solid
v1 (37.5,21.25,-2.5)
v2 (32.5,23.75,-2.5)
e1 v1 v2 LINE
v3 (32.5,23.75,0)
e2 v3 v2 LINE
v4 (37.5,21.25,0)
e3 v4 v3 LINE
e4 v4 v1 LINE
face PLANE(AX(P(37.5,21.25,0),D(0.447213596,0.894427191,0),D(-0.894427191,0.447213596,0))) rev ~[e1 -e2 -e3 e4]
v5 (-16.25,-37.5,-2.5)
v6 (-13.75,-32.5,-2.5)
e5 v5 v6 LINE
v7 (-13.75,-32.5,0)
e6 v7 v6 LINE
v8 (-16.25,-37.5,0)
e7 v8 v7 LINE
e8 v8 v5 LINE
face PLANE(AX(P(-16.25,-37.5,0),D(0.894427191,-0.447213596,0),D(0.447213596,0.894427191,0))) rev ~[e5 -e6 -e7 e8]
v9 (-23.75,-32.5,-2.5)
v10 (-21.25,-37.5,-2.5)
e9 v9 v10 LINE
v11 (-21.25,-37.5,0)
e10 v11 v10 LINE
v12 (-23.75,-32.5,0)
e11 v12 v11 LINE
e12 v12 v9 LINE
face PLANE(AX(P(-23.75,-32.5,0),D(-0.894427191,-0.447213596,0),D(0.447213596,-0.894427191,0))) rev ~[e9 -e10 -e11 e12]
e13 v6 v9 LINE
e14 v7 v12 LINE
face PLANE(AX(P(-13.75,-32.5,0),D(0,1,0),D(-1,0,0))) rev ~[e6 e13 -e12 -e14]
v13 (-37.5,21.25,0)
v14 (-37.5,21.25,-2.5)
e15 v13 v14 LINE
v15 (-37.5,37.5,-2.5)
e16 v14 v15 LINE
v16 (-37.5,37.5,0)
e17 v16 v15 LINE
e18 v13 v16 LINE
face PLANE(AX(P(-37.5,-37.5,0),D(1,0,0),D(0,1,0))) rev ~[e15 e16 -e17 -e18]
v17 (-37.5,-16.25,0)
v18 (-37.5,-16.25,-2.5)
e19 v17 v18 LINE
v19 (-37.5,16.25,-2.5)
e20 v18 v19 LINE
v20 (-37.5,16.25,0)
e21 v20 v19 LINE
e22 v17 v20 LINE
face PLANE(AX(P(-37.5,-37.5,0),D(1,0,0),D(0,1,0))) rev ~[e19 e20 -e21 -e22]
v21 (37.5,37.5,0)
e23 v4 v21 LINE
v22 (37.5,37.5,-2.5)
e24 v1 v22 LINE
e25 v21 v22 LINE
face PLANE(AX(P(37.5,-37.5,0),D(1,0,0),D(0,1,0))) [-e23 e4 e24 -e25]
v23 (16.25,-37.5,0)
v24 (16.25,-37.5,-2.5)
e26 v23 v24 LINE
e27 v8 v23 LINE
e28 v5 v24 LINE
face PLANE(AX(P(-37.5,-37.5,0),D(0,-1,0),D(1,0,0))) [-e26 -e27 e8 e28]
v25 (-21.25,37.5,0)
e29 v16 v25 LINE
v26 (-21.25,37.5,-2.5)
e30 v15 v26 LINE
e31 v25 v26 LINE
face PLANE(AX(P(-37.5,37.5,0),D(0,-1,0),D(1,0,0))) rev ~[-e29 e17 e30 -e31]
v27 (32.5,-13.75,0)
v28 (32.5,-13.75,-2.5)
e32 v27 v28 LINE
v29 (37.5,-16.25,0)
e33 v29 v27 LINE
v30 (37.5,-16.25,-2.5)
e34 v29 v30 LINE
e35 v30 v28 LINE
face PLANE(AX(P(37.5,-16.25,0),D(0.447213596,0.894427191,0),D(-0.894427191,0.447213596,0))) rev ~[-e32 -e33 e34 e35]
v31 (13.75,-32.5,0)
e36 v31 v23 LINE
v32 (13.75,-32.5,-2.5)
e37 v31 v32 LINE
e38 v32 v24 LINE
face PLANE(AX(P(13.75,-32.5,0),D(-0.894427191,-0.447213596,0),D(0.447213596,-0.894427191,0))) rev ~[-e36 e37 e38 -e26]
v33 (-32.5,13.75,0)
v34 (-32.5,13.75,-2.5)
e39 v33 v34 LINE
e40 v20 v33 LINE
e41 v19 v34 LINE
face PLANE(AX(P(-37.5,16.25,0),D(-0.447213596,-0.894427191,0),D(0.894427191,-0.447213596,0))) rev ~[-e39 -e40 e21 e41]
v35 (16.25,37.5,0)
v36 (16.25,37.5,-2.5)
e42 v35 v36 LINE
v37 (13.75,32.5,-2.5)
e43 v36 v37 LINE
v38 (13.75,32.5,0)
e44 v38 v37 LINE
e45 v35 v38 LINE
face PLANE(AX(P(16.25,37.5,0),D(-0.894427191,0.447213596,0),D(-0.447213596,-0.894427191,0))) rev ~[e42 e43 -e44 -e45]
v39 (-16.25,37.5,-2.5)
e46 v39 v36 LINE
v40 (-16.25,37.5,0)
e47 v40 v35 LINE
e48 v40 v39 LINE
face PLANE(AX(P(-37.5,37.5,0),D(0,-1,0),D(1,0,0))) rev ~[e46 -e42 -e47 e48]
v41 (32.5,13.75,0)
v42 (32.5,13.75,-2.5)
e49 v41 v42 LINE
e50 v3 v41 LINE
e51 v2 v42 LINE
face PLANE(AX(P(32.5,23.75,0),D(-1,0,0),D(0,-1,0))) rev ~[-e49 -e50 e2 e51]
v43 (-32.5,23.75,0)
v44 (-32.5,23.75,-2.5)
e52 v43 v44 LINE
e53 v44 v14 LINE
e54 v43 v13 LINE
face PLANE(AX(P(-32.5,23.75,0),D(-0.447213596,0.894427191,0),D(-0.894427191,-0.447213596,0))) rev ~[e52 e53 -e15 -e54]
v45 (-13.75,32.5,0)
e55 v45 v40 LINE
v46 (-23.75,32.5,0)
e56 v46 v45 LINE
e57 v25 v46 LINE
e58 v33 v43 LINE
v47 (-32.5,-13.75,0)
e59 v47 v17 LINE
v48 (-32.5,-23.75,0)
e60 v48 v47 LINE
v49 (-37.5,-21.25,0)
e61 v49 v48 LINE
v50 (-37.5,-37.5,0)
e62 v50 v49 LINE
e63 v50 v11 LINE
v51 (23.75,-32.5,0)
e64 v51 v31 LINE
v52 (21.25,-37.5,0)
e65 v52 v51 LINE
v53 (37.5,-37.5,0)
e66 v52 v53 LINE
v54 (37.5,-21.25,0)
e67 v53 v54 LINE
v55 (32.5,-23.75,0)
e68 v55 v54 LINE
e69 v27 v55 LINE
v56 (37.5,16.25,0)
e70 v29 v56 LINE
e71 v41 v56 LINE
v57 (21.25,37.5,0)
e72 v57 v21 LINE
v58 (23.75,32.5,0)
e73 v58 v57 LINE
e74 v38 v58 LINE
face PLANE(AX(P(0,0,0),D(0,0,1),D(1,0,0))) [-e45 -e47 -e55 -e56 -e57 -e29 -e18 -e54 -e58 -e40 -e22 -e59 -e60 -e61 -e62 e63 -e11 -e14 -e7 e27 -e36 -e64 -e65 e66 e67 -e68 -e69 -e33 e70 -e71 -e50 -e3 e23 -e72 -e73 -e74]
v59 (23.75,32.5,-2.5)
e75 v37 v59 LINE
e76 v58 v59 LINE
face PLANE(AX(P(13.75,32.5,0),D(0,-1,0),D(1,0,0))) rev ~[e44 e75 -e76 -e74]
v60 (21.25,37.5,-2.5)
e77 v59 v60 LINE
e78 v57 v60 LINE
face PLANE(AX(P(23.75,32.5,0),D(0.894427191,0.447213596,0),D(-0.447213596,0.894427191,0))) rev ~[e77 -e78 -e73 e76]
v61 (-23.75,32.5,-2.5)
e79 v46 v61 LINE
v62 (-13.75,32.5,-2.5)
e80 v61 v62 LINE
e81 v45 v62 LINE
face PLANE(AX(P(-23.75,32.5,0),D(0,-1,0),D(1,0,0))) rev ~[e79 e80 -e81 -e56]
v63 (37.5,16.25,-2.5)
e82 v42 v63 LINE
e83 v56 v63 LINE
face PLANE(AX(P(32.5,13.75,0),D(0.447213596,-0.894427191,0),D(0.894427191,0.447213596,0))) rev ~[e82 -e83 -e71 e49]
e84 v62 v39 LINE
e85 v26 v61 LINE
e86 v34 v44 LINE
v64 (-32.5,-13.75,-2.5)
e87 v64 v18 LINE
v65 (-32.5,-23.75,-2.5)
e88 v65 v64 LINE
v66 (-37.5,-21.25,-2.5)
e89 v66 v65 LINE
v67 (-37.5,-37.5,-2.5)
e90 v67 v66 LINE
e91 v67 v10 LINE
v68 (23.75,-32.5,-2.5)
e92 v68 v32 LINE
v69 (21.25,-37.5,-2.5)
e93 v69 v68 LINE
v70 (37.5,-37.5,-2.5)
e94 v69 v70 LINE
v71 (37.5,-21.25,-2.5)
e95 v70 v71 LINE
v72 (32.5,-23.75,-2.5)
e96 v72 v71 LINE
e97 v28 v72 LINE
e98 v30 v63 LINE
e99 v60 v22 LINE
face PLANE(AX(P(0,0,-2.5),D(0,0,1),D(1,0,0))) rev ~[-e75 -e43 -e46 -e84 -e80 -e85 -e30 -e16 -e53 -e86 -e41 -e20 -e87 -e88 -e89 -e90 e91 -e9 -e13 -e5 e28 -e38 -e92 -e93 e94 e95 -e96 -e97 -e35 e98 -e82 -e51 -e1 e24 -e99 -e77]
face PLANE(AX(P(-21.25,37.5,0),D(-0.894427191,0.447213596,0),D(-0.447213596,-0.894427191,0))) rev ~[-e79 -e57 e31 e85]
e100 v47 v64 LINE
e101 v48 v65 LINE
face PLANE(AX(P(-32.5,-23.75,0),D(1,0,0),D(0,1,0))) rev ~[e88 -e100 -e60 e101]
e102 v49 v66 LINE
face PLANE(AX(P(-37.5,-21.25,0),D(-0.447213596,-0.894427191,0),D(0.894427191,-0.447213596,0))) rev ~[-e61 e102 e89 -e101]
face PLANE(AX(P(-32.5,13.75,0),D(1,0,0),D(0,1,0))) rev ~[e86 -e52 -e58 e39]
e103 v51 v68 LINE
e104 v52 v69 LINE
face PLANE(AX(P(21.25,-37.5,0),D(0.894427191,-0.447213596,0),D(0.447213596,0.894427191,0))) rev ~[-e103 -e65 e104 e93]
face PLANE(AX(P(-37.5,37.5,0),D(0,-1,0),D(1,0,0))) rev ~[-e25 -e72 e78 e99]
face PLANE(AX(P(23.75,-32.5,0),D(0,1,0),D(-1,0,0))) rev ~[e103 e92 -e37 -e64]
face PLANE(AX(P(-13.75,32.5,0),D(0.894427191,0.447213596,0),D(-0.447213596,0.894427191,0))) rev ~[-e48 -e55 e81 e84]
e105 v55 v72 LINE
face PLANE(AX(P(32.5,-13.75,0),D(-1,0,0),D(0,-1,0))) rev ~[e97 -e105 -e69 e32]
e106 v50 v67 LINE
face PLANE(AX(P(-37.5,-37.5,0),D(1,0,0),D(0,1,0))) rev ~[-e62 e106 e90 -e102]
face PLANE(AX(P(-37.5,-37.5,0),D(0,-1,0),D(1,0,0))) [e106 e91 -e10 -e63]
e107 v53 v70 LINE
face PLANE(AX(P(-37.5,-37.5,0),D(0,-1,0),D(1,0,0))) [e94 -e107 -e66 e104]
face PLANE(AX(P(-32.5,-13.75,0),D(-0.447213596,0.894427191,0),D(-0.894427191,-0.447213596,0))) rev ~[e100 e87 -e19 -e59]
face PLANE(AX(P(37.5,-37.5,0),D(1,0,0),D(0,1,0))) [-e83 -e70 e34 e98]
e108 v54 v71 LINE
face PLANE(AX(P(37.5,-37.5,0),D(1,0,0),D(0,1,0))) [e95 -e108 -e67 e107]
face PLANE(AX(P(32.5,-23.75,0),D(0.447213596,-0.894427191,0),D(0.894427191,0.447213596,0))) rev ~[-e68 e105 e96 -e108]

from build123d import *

# Parameters (mm, degrees)
F0_W     = 75
F0_H     = 75
F1_DEPTH = 2.5
F3_DEPTH = 2.5


with BuildPart() as f1:
    # F0 (on Top) → F1 (new body)
    with BuildSketch(Plane.XY):
        Rectangle(F0_W, F0_H)
    extrude(amount=-F1_DEPTH)

    # F2 (on Top) → F3 (cut, through all)
    with BuildSketch(Plane.XY):
        Polygon((-32.5, 13.75), (-32.5, 23.75), (-37.5, 21.25), (-37.5, 16.25), align=None)
        Polygon((-32.5, -13.75), (-37.5, -16.25), (-37.5, -21.25), (-32.5, -23.75), align=None)
        Polygon((37.5, 21.25), (32.5, 23.75), (32.5, 13.75), (37.5, 16.25), align=None)
        Polygon((32.5, -13.75), (32.5, -23.75), (37.5, -21.25), (37.5, -16.25), align=None)
        Polygon((-16.25, 37.5), (-21.25, 37.5), (-23.75, 32.5), (-13.75, 32.5), align=None)
        Polygon((21.25, 37.5), (16.25, 37.5), (13.75, 32.5), (23.75, 32.5), align=None)
        Polygon((-13.75, -32.5), (-23.75, -32.5), (-21.25, -37.5), (-16.25, -37.5), align=None)
        Polygon((16.25, -37.5), (21.25, -37.5), (23.75, -32.5), (13.75, -32.5), align=None)
    extrude(amount=-F3_DEPTH, mode=Mode.SUBTRACT)


solid = f1.part
